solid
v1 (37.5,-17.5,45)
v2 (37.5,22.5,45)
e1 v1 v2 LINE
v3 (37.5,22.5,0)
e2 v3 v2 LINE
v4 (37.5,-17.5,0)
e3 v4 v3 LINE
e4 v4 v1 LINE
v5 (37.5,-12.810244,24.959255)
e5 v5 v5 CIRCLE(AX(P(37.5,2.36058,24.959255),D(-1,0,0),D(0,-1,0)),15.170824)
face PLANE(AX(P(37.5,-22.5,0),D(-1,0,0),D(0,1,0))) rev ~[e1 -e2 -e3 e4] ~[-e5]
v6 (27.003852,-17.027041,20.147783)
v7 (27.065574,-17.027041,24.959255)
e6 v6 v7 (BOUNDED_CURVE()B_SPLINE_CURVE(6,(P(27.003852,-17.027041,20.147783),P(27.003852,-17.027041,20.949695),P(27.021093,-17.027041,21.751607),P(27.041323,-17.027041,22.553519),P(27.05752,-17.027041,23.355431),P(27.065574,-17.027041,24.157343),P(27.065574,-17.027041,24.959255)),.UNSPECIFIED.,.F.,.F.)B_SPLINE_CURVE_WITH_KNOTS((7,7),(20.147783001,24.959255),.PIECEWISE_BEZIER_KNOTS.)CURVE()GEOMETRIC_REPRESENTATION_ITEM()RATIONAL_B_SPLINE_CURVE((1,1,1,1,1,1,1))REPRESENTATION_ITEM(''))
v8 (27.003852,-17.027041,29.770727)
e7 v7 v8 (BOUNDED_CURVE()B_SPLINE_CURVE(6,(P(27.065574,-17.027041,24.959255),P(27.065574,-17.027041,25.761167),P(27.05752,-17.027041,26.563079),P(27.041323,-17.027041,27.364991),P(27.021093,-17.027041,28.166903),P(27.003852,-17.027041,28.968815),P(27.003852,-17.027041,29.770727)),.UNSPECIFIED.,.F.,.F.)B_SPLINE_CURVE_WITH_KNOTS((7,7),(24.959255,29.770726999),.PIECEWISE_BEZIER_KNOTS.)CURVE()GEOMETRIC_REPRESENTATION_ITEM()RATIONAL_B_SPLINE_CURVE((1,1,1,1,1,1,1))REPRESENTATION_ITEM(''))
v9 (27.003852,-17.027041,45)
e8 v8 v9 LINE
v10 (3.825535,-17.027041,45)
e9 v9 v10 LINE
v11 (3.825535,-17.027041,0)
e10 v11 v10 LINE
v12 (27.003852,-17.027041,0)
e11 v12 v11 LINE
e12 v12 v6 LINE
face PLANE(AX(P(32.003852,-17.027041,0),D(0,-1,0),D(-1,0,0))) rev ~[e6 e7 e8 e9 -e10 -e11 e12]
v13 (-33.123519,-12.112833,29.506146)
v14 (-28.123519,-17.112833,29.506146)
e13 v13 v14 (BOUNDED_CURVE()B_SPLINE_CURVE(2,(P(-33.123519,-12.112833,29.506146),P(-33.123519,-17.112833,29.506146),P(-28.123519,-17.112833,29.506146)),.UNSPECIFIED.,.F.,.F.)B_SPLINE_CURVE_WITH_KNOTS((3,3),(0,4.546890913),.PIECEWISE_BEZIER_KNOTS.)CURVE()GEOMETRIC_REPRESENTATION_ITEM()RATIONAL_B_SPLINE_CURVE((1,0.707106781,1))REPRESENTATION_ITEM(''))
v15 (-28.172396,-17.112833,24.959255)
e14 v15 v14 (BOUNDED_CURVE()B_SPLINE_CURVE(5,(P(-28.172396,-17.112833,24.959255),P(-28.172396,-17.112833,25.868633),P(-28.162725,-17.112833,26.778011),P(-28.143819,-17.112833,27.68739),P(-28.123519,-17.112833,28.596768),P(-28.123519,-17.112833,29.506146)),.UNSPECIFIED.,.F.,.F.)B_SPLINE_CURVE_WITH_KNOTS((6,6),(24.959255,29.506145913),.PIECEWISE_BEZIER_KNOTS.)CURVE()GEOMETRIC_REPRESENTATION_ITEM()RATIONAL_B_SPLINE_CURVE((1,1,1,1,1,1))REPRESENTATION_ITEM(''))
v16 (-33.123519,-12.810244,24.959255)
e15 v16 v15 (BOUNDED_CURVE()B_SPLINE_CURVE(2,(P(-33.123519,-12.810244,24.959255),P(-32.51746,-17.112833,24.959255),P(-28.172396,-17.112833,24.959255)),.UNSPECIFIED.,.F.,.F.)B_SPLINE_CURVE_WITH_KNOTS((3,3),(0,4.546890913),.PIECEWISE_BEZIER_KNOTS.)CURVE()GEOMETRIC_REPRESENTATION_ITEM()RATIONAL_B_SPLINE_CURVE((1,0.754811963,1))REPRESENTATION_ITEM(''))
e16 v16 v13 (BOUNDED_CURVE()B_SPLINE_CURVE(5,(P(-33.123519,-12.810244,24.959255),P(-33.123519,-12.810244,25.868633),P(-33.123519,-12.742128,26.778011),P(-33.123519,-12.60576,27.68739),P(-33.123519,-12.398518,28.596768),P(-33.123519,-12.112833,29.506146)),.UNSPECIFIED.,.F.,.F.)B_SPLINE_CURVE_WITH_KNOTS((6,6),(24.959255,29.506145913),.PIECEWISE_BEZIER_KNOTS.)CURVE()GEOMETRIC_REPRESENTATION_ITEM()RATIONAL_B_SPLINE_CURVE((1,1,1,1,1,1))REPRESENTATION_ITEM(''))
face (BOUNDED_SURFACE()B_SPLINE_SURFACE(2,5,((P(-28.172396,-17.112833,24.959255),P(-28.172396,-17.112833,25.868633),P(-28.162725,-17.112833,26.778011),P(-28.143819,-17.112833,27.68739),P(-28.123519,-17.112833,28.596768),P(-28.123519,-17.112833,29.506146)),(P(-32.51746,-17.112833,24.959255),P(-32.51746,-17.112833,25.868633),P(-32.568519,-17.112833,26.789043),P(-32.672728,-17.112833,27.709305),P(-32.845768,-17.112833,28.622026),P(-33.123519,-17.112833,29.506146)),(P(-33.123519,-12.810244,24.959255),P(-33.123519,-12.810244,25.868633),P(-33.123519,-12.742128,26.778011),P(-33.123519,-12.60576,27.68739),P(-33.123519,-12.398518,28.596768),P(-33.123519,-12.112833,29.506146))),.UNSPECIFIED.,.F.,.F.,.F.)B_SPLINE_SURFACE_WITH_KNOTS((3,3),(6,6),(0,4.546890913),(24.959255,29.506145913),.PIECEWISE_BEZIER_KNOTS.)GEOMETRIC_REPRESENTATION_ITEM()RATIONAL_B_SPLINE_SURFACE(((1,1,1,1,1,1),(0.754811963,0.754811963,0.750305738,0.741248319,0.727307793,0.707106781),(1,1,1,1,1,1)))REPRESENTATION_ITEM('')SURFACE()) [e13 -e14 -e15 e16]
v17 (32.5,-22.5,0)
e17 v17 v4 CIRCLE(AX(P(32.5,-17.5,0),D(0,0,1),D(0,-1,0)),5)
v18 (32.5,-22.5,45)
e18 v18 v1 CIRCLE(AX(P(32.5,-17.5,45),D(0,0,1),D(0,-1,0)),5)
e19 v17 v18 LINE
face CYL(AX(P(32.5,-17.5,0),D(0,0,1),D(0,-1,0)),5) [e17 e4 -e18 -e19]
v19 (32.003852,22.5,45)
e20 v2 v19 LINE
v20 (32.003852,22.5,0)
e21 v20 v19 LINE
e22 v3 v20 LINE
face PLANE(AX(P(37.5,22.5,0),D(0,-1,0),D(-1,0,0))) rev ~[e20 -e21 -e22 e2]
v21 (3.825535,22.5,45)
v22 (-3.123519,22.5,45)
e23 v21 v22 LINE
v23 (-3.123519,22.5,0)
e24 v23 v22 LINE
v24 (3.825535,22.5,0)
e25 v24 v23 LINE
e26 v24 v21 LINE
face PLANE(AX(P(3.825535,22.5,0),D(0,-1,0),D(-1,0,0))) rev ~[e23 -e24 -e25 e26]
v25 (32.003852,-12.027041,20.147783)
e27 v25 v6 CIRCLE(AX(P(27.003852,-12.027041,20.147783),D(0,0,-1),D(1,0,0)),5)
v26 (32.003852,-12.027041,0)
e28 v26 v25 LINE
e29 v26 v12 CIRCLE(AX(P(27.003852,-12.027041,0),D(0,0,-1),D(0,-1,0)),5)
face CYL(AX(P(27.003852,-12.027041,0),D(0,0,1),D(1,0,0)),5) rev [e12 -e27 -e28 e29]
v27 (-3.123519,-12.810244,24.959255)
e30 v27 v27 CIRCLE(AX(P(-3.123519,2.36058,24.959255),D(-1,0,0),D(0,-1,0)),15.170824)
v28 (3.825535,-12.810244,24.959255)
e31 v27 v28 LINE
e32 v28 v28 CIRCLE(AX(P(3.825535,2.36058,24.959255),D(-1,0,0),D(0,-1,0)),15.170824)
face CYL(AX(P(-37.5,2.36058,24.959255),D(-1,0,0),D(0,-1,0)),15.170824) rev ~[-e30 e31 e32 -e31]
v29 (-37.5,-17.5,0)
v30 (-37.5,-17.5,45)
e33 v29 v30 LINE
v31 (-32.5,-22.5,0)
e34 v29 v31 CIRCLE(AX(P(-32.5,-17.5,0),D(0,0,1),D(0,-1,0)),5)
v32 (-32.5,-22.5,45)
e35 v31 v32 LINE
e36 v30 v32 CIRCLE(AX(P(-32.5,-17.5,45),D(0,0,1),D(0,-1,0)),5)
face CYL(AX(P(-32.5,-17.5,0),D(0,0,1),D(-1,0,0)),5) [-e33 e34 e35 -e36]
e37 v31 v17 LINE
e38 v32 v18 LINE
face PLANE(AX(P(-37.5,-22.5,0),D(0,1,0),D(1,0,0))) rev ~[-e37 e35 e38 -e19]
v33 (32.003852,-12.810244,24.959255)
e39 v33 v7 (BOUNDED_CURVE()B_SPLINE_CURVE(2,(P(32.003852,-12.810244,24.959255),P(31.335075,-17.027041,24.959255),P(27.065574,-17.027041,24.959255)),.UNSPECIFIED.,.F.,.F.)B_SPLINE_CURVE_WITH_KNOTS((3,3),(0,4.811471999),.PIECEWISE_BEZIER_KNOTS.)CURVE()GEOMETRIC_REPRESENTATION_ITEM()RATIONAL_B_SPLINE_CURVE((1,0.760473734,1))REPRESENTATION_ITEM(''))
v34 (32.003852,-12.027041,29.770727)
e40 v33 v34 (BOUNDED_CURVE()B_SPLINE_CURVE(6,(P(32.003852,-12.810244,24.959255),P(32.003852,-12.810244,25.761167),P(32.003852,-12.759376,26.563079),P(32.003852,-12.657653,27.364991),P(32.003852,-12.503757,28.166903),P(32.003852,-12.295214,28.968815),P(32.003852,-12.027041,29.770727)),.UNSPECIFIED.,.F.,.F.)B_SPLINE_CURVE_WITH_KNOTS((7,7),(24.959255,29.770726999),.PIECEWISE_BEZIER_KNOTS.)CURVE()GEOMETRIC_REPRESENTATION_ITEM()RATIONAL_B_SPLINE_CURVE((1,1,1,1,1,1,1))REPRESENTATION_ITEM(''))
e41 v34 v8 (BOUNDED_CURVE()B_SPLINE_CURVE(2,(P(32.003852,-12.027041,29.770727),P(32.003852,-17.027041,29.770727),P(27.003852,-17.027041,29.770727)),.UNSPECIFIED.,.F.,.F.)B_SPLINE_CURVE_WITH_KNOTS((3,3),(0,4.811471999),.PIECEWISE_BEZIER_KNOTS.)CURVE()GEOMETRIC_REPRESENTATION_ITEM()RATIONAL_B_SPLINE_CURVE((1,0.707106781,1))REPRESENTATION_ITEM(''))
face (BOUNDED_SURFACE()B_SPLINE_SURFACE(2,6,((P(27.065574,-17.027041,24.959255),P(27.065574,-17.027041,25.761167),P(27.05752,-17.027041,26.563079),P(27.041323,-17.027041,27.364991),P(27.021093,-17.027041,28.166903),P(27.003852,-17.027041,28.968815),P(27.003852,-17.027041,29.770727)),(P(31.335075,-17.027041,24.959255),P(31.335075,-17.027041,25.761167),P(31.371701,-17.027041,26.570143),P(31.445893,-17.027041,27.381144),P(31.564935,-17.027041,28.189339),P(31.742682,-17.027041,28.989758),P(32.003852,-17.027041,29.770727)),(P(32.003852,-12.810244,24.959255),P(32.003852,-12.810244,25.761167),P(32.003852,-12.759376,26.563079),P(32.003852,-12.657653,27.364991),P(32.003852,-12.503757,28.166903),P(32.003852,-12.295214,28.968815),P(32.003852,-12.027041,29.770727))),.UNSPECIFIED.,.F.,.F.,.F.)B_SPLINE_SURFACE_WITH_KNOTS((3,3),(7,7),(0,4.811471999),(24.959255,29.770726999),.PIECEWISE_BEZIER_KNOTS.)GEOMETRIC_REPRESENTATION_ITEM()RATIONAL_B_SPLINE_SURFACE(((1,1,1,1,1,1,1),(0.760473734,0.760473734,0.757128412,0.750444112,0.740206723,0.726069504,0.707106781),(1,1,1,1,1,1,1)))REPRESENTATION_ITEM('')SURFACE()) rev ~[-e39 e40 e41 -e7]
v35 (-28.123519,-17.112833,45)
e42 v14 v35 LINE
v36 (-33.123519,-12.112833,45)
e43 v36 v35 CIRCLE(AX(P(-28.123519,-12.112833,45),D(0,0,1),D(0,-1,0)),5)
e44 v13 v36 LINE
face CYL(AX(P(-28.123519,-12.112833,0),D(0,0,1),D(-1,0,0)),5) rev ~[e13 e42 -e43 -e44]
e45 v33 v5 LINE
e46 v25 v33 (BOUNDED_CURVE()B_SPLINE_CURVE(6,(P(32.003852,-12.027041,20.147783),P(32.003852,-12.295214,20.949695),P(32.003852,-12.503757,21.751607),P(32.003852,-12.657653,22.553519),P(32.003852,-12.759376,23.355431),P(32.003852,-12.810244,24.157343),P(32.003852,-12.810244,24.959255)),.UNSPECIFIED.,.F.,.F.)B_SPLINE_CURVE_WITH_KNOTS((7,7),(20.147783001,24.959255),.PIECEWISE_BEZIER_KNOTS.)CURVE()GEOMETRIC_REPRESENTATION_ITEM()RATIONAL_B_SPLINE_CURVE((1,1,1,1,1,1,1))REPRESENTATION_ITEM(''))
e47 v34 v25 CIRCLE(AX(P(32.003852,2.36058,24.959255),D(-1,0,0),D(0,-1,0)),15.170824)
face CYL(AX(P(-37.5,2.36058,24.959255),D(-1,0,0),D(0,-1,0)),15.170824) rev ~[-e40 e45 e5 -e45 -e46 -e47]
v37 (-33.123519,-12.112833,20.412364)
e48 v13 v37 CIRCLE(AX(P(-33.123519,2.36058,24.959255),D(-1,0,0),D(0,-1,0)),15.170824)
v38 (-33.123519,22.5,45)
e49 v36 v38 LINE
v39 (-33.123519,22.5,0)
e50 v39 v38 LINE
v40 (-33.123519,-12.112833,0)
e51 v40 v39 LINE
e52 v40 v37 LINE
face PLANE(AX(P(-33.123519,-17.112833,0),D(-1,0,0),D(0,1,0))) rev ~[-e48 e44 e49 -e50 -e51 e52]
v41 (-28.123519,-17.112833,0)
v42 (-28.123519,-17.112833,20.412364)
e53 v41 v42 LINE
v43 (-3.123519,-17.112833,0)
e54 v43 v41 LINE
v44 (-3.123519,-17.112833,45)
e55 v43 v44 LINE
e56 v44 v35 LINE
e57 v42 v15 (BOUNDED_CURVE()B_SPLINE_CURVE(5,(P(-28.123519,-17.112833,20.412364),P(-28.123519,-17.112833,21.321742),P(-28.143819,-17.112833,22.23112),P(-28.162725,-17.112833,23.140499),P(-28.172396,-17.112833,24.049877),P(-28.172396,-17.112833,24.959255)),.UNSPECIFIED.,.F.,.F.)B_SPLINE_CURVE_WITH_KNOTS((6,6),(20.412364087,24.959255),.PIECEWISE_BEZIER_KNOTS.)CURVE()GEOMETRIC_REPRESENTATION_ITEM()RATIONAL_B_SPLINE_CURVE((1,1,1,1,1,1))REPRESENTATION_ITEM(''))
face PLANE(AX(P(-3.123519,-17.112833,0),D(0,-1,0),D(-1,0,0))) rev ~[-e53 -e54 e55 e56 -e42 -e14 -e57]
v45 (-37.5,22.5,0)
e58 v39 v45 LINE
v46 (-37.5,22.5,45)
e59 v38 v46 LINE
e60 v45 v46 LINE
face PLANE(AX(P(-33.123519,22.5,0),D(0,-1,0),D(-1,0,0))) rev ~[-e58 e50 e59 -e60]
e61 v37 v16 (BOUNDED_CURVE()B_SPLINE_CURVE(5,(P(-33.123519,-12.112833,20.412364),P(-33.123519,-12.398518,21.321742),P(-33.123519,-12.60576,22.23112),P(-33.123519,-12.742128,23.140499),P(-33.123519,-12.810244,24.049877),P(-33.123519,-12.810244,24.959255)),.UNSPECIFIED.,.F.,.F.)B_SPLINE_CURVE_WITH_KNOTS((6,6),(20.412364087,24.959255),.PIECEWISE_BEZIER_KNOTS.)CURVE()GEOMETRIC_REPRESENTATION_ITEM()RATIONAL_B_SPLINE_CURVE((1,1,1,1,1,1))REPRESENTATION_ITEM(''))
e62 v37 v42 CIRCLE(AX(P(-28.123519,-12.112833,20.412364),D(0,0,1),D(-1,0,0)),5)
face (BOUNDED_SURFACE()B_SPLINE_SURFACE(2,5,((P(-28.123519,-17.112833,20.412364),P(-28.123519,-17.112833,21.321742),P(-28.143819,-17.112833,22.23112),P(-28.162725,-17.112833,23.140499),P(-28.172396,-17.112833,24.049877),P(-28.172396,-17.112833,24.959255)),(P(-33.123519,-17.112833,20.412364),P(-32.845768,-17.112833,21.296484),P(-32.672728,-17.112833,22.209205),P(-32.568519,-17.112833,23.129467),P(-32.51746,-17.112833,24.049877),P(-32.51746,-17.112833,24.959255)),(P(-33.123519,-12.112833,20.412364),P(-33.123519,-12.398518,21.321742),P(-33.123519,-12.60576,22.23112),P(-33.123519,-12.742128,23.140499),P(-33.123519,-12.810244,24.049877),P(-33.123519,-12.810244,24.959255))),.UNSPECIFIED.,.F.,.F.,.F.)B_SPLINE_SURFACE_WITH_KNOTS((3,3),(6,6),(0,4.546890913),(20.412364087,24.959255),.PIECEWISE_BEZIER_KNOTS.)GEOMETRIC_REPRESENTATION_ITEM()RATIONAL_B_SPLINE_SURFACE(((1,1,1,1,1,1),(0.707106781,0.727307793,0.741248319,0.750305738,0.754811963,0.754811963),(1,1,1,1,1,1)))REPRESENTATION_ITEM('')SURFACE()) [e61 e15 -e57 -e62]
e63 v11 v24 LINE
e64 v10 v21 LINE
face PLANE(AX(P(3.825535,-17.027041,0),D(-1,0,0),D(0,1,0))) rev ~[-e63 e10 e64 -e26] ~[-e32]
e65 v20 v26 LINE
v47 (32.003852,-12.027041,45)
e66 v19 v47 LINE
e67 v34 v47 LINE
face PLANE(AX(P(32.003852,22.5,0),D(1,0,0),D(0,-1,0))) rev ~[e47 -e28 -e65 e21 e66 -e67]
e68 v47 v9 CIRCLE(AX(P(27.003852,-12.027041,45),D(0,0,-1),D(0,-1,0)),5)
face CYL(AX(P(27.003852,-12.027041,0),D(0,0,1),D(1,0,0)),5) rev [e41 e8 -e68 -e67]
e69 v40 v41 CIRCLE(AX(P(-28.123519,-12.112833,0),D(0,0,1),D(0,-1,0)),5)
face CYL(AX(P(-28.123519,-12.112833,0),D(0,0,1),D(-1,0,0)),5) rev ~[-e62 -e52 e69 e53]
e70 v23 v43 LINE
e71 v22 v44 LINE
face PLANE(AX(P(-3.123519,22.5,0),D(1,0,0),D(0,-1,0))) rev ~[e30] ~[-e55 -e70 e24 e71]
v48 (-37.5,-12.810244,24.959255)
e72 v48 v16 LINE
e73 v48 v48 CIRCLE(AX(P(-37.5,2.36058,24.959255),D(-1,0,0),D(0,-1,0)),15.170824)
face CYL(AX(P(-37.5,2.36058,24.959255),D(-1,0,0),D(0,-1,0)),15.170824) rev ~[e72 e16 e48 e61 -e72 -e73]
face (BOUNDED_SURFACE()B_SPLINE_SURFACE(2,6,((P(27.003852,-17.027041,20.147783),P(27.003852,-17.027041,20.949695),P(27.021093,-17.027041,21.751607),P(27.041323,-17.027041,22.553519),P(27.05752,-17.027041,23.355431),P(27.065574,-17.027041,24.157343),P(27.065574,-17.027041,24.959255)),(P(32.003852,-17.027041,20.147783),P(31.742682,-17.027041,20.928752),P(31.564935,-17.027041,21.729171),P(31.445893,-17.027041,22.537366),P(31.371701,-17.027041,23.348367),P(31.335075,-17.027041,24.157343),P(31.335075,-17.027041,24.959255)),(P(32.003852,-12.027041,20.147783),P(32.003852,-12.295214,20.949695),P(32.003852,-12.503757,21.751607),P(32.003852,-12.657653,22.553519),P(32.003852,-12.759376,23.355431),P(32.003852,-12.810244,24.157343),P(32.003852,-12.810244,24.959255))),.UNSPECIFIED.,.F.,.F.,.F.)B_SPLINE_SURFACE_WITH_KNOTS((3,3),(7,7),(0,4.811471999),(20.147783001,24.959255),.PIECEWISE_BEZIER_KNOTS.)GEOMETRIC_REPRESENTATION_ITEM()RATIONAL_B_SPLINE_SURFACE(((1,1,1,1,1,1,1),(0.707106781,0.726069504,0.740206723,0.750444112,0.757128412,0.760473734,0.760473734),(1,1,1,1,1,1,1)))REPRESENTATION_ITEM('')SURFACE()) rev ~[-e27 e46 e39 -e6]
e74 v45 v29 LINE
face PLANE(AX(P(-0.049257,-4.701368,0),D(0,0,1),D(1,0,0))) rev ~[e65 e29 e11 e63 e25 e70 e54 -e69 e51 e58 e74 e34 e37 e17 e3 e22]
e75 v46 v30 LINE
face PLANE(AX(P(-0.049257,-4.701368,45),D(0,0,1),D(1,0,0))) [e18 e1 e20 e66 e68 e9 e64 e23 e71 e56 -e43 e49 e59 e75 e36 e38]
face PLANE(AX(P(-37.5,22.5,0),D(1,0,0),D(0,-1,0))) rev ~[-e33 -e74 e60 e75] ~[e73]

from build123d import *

# Parameters (mm, degrees)
F1_DEPTH = 45
F2_R     = 5
F3_R     = 15.170824
F4_DEPTH = 100
F5_R     = 5


with BuildPart() as f1:
    # F0 (on Top) → F1 (new body)
    with BuildSketch(Plane.XY):
        Polygon((-33.123519, 22.5), (-37.5, 22.5), (-37.5, -22.5), (37.5, -22.5), (37.5, 22.5), (32.003852, 22.5), (32.003852, -17.027041), (3.825535, -17.027041), (3.825535, 22.5), (-3.123519, 22.5), (-3.123519, -17.112833), (-33.123519, -17.112833), align=None)
    extrude(amount=F1_DEPTH)

    # F2
    f2_edges = [f1.edges().sort_by_distance(p)[0] for p in [
        (37.5, -22.5, 22.5),
        (-37.5, -22.5, 22.5),
    ]]
    fillet(f2_edges, radius=F2_R)

    # F3 (on face) → F4 (cut)
    with BuildSketch(Plane(origin=(-37.5, 0, 0), x_dir=(0, -1, 0), z_dir=(-1, 0, 0))):
        with Locations((-2.36058, 24.959255)):
            Circle(F3_R)
    extrude(amount=-F4_DEPTH, mode=Mode.SUBTRACT)

    # F5
    f5_edges = [f1.edges().sort_by_distance(p)[0] for p in [
        (-33.123519, -17.112833, 22.5),
        (32.003852, -17.027041, 22.5),
    ]]
    fillet(f5_edges, radius=F5_R)


solid = f1.part
